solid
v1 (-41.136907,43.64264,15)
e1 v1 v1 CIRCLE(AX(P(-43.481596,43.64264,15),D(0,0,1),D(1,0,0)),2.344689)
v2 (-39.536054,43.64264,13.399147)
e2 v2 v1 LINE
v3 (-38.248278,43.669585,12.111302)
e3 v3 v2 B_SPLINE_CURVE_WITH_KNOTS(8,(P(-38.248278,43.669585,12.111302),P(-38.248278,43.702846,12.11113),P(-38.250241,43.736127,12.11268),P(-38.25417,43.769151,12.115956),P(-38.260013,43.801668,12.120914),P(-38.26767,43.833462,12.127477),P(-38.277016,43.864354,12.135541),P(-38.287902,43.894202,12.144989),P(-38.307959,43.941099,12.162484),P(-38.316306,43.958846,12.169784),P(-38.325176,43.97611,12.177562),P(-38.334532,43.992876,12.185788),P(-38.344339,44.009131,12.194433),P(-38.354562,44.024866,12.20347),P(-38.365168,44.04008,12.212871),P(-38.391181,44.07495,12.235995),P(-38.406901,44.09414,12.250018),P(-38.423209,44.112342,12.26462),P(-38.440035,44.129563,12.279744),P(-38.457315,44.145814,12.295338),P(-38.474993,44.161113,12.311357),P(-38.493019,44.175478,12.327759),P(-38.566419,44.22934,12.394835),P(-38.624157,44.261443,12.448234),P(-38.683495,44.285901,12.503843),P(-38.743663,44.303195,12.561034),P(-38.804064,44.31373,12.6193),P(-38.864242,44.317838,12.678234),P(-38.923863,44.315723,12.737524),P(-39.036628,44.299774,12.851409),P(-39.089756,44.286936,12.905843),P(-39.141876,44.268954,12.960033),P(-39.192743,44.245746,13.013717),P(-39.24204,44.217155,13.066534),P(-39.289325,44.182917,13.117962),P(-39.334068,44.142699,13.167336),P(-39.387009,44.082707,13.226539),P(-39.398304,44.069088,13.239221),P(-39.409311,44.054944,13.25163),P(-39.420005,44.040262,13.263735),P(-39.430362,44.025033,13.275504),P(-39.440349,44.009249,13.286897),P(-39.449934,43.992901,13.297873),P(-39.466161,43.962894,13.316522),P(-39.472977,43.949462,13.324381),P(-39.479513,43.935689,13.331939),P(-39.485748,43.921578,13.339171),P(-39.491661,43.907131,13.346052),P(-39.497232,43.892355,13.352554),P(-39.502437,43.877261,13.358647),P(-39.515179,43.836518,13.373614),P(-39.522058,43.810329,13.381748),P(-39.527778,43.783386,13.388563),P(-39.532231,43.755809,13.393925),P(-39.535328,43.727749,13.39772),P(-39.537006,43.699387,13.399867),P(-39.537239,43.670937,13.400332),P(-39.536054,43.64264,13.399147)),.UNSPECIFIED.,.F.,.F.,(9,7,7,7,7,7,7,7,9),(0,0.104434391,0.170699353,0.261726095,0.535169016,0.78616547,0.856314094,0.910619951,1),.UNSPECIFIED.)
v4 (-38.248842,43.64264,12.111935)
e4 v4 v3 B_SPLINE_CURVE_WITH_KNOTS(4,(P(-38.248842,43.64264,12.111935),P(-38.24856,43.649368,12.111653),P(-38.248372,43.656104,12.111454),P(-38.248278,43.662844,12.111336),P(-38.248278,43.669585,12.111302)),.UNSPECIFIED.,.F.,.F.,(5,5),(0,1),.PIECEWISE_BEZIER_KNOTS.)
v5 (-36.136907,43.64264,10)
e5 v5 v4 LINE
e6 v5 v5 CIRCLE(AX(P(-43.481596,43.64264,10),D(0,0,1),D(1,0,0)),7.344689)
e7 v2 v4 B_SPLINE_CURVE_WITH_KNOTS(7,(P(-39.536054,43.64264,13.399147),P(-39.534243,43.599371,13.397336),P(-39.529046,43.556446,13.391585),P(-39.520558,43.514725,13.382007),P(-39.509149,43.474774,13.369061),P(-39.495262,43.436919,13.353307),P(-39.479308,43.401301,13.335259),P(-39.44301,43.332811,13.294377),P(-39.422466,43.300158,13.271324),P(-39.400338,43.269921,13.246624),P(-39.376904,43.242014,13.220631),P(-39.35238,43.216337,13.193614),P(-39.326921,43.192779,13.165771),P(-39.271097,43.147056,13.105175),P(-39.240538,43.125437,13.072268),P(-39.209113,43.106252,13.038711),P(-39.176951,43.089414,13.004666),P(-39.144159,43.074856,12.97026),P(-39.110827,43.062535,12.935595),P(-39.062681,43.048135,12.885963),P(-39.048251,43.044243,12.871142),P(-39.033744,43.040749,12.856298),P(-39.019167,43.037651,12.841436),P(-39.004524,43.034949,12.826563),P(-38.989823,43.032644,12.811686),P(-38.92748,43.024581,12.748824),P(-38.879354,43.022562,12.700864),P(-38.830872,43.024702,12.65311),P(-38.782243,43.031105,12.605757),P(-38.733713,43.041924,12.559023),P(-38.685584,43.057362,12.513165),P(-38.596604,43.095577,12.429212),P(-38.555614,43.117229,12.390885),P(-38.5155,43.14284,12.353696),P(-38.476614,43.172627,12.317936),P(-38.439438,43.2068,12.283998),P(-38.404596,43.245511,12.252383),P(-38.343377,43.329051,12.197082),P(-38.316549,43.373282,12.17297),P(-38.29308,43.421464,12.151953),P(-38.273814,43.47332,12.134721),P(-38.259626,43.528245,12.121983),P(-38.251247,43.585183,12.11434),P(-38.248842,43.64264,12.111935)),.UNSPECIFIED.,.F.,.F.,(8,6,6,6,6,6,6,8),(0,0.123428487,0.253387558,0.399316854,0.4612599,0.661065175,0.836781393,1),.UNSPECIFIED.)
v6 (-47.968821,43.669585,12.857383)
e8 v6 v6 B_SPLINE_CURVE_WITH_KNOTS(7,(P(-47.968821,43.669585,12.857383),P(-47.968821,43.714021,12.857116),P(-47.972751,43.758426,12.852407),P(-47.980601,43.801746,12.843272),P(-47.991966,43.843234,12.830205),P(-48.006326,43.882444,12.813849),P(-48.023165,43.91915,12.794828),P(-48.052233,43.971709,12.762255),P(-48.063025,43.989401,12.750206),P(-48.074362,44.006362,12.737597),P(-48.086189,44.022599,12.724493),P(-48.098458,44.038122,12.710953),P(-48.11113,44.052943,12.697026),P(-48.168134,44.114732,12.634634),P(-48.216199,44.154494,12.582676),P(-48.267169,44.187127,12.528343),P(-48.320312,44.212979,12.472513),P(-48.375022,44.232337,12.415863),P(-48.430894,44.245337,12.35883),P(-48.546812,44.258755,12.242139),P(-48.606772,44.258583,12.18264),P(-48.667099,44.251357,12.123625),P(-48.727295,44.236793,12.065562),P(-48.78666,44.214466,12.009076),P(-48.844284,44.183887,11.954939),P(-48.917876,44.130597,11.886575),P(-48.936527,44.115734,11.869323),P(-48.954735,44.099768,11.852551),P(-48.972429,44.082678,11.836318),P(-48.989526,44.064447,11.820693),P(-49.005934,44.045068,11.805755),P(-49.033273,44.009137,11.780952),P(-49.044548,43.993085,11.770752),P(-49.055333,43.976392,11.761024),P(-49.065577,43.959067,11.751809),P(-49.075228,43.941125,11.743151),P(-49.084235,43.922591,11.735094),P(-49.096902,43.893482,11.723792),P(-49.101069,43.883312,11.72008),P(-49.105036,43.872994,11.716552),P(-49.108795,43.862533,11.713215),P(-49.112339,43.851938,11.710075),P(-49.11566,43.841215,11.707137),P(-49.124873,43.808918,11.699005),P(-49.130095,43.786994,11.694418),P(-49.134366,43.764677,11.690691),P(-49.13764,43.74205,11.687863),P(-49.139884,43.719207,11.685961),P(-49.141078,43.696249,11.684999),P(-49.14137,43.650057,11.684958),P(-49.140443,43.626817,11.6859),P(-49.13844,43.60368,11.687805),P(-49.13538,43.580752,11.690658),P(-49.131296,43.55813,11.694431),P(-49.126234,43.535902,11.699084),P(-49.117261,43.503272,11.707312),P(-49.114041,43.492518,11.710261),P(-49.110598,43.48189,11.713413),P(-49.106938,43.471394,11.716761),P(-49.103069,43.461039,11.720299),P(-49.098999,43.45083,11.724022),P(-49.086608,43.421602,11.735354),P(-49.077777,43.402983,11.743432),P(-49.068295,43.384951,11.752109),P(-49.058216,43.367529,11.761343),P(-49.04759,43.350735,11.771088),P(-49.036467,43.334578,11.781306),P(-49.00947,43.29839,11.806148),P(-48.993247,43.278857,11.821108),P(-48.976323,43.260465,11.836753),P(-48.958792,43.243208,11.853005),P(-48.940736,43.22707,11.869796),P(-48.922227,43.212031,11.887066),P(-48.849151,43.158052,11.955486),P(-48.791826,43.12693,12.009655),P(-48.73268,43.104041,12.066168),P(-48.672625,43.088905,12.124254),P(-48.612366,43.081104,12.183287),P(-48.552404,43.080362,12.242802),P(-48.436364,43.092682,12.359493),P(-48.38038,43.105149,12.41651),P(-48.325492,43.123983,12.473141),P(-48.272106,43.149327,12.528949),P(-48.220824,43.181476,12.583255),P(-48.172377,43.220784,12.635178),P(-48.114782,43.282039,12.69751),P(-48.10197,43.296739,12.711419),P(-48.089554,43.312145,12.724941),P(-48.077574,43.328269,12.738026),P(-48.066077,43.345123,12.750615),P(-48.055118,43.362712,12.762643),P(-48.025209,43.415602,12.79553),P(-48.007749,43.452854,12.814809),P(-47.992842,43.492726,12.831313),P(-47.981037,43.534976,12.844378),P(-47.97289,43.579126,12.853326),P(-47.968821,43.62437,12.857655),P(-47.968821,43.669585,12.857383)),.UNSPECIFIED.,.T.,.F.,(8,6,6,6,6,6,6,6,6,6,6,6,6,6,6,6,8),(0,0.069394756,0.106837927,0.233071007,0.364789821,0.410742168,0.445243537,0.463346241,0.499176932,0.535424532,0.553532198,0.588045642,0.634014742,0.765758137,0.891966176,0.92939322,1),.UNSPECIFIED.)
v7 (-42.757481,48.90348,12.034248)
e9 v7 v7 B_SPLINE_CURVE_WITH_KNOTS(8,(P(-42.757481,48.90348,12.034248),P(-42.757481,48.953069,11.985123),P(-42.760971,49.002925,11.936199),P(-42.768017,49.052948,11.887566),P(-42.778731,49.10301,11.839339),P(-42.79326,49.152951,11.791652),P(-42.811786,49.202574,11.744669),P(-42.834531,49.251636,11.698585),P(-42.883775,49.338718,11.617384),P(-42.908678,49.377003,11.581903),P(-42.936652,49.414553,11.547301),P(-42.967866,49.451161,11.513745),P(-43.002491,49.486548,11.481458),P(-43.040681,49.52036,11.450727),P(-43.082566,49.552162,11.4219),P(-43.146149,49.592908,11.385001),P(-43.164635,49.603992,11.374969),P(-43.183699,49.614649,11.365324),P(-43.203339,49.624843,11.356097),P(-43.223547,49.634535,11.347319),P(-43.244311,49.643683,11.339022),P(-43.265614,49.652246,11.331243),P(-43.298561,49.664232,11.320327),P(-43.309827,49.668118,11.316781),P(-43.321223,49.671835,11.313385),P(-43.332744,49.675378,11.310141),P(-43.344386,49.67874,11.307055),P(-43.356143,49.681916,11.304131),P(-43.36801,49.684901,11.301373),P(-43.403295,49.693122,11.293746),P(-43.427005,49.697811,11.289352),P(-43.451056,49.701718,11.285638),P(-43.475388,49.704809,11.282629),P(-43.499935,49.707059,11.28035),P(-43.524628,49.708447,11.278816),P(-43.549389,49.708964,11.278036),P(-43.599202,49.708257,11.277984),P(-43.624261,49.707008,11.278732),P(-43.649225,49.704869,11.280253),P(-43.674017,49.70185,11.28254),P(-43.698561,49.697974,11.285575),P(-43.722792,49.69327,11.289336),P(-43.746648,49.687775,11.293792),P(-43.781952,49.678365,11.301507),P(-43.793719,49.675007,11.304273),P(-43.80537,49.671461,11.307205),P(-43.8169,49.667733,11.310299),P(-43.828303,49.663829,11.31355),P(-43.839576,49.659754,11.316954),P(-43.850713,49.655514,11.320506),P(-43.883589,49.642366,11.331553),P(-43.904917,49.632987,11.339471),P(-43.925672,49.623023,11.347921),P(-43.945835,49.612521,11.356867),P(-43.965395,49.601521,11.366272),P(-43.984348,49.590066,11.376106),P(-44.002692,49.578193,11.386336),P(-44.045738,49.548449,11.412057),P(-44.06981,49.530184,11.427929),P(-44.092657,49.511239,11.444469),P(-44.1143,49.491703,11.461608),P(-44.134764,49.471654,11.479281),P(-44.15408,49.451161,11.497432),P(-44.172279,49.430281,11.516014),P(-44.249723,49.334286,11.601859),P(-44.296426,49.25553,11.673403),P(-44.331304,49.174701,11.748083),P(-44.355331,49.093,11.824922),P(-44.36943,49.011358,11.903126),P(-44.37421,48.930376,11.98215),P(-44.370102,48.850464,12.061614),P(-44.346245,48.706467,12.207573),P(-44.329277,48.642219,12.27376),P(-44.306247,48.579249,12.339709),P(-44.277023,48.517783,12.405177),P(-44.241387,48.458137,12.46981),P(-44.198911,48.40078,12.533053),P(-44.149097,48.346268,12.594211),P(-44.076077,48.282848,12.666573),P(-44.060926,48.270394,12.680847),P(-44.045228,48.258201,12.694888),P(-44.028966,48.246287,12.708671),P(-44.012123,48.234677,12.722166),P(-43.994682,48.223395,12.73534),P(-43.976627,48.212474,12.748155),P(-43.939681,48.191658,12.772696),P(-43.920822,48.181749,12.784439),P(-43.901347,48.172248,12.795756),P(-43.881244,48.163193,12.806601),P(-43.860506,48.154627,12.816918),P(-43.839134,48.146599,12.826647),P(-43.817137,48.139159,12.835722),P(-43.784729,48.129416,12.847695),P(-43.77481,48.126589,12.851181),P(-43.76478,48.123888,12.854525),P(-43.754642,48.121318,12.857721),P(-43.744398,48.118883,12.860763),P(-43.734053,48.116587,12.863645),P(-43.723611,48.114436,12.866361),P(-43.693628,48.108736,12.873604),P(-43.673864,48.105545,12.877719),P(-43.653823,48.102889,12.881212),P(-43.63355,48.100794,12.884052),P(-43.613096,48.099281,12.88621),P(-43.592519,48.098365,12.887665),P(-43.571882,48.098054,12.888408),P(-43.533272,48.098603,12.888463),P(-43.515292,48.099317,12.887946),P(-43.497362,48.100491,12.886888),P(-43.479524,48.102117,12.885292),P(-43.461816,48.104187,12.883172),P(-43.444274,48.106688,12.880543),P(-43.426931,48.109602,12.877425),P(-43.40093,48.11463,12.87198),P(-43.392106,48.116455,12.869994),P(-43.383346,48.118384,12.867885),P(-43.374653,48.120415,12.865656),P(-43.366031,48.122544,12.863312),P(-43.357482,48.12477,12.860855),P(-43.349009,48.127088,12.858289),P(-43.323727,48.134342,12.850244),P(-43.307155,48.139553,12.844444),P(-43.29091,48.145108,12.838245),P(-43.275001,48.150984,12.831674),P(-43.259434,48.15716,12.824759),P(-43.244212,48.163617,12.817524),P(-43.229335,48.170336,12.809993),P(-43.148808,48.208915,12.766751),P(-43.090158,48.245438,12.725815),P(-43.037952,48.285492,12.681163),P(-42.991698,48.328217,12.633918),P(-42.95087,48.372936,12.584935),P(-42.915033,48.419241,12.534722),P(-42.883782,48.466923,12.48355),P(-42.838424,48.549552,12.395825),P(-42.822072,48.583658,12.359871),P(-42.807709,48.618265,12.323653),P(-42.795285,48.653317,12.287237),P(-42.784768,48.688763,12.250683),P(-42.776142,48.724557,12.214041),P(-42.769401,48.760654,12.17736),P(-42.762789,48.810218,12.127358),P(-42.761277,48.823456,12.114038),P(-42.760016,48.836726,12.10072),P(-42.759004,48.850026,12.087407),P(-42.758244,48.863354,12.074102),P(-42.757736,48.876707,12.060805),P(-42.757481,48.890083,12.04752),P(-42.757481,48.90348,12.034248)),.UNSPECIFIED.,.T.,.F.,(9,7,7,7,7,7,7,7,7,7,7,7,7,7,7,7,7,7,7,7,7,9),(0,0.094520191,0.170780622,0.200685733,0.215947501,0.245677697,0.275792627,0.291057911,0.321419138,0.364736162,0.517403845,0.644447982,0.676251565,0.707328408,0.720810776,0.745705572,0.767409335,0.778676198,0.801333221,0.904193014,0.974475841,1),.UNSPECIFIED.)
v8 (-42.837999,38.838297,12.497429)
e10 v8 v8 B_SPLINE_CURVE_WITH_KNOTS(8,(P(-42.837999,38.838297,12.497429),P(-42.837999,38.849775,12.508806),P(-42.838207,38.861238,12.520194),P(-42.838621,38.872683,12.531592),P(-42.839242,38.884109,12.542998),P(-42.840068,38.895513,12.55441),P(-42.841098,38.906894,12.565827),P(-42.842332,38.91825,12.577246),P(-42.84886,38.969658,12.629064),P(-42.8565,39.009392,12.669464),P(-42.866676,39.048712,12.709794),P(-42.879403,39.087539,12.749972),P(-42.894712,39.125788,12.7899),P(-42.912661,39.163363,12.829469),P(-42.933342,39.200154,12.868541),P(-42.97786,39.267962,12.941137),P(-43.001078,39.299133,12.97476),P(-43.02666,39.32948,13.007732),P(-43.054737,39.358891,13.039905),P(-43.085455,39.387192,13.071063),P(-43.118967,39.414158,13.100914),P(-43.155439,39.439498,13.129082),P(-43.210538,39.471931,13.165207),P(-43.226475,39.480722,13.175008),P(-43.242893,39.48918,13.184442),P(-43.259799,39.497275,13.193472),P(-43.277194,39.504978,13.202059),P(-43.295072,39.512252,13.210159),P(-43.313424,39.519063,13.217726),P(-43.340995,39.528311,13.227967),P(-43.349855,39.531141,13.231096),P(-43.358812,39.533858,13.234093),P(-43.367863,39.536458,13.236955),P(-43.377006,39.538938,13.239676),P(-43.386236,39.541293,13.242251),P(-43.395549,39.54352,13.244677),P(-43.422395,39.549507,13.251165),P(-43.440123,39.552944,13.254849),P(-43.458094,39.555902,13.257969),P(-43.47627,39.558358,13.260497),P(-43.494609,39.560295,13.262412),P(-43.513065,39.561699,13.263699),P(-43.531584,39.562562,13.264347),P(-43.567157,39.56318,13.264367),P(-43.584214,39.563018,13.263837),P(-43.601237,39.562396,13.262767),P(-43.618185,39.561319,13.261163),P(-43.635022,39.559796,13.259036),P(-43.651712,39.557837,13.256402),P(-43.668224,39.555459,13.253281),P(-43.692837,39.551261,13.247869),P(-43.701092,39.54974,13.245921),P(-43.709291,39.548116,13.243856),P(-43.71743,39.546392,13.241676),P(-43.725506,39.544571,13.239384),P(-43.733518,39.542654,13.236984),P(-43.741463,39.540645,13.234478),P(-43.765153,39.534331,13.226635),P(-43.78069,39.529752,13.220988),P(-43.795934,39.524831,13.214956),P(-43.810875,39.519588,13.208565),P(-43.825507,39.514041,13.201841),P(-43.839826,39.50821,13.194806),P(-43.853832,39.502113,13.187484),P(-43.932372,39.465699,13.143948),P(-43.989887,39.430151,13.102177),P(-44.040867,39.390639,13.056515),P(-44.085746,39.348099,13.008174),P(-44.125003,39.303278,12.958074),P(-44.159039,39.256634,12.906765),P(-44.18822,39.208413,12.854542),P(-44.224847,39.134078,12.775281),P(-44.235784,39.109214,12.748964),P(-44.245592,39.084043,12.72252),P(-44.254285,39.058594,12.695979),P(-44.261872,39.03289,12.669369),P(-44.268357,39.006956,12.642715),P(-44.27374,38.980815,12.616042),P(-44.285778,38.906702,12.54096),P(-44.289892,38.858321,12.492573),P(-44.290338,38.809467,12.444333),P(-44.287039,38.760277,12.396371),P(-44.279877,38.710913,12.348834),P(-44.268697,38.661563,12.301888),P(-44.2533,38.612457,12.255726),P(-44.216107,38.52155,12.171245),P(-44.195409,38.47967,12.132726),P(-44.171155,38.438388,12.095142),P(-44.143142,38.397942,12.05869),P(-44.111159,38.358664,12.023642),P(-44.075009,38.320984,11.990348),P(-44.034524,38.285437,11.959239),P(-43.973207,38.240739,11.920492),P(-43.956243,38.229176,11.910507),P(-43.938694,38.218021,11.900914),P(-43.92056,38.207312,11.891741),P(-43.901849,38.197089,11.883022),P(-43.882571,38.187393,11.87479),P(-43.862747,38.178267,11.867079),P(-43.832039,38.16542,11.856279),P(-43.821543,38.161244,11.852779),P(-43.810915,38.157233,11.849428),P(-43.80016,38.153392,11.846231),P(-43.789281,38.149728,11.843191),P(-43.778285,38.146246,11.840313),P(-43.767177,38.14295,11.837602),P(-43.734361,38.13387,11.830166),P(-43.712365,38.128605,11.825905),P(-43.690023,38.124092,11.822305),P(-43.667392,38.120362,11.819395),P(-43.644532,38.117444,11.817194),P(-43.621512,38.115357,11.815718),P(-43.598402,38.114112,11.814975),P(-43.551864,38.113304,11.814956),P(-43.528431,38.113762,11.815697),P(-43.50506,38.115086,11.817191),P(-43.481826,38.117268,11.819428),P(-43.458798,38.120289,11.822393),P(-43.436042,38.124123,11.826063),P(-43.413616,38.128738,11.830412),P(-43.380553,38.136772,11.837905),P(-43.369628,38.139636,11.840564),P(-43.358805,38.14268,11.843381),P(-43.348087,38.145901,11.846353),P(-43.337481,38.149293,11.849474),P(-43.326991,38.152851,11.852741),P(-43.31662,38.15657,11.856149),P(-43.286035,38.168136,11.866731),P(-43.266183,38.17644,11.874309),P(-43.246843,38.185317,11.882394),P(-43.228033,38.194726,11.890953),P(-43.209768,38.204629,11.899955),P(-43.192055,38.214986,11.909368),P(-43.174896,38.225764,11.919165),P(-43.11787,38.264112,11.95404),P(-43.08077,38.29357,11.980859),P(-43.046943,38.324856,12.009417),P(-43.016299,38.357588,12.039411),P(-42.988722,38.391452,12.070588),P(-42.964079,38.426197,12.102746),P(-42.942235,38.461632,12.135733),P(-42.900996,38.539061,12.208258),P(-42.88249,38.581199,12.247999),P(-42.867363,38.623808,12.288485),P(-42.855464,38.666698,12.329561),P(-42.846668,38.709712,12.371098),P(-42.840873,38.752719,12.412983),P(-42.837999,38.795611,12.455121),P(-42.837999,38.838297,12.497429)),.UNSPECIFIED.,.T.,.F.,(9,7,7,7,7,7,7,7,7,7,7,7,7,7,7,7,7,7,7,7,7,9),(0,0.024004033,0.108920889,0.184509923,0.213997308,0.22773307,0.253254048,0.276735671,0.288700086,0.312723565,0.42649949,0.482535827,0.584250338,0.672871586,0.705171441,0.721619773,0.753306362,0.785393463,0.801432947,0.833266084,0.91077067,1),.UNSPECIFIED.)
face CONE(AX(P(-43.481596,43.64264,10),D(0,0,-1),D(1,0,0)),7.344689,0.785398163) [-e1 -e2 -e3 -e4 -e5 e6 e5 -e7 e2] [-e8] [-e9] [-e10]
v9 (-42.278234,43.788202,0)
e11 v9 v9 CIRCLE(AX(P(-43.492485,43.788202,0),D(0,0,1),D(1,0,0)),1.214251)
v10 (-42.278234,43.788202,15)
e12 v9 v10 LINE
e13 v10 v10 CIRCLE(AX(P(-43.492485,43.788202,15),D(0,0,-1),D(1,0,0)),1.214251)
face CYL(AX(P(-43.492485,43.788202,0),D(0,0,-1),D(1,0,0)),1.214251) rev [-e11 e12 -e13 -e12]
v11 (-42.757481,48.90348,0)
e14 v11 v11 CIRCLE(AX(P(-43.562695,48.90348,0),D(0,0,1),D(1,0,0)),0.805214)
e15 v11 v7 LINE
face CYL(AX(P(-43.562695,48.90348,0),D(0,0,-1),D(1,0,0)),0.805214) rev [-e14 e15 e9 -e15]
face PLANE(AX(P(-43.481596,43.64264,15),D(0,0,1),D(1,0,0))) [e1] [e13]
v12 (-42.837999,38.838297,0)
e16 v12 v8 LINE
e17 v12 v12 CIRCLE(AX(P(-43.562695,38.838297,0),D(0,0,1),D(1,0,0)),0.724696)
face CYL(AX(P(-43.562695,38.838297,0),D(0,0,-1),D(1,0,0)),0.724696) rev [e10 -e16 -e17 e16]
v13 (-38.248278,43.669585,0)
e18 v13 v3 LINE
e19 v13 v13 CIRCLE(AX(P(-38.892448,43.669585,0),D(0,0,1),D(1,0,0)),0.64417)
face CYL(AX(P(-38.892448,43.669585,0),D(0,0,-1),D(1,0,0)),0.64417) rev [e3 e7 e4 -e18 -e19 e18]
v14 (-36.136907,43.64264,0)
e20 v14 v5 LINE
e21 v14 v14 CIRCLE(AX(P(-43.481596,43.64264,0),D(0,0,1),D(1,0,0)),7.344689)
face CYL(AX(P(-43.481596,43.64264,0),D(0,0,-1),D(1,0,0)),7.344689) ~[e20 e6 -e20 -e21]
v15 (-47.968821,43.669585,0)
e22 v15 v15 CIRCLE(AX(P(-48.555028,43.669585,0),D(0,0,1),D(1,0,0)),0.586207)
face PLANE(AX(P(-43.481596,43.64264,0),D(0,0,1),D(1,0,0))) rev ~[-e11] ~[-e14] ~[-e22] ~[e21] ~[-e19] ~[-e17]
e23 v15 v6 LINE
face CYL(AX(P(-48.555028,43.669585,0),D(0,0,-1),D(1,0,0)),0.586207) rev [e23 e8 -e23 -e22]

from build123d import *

# Parameters (mm, degrees)
F0_R     = 7.344689
F1_DEPTH = 15
F2_SIZE  = 5
F3_R     = 0.805214
F3_R_2   = 0.724696
F3_R_3   = 0.64417
F3_R_4   = 0.586207
F4_DEPTH = 25
F5_R     = 1.214251
F6_DEPTH = 25


with BuildPart() as f1:
    # F0 (on Top) → F1 (new body)
    with BuildSketch(Plane.XY):
        with Locations((-43.481596, 43.64264)):
            Circle(F0_R)
    extrude(amount=F1_DEPTH)

    # F2
    f2_edges = [f1.edges().sort_by_distance(p)[0] for p in [
        (-50.826285, 43.64264, 15),
    ]]
    chamfer(f2_edges, length=F2_SIZE)

    # F3 (on Top) → F4 (cut)
    with BuildSketch(Plane.XY):
        with Locations((-43.562695, 48.90348)):
            Circle(F3_R)
        with Locations((-43.562695, 38.838297)):
            Circle(F3_R_2)
        with Locations((-38.892448, 43.669585)):
            Circle(F3_R_3)
        with Locations((-48.555028, 43.669585)):
            Circle(F3_R_4)
    extrude(amount=F4_DEPTH, mode=Mode.SUBTRACT)

    # F5 (on Top) → F6 (cut)
    with BuildSketch(Plane.XY):
        with Locations((-43.492485, 43.788202)):
            Circle(F5_R)
    extrude(amount=F6_DEPTH, mode=Mode.SUBTRACT)


solid = f1.part
